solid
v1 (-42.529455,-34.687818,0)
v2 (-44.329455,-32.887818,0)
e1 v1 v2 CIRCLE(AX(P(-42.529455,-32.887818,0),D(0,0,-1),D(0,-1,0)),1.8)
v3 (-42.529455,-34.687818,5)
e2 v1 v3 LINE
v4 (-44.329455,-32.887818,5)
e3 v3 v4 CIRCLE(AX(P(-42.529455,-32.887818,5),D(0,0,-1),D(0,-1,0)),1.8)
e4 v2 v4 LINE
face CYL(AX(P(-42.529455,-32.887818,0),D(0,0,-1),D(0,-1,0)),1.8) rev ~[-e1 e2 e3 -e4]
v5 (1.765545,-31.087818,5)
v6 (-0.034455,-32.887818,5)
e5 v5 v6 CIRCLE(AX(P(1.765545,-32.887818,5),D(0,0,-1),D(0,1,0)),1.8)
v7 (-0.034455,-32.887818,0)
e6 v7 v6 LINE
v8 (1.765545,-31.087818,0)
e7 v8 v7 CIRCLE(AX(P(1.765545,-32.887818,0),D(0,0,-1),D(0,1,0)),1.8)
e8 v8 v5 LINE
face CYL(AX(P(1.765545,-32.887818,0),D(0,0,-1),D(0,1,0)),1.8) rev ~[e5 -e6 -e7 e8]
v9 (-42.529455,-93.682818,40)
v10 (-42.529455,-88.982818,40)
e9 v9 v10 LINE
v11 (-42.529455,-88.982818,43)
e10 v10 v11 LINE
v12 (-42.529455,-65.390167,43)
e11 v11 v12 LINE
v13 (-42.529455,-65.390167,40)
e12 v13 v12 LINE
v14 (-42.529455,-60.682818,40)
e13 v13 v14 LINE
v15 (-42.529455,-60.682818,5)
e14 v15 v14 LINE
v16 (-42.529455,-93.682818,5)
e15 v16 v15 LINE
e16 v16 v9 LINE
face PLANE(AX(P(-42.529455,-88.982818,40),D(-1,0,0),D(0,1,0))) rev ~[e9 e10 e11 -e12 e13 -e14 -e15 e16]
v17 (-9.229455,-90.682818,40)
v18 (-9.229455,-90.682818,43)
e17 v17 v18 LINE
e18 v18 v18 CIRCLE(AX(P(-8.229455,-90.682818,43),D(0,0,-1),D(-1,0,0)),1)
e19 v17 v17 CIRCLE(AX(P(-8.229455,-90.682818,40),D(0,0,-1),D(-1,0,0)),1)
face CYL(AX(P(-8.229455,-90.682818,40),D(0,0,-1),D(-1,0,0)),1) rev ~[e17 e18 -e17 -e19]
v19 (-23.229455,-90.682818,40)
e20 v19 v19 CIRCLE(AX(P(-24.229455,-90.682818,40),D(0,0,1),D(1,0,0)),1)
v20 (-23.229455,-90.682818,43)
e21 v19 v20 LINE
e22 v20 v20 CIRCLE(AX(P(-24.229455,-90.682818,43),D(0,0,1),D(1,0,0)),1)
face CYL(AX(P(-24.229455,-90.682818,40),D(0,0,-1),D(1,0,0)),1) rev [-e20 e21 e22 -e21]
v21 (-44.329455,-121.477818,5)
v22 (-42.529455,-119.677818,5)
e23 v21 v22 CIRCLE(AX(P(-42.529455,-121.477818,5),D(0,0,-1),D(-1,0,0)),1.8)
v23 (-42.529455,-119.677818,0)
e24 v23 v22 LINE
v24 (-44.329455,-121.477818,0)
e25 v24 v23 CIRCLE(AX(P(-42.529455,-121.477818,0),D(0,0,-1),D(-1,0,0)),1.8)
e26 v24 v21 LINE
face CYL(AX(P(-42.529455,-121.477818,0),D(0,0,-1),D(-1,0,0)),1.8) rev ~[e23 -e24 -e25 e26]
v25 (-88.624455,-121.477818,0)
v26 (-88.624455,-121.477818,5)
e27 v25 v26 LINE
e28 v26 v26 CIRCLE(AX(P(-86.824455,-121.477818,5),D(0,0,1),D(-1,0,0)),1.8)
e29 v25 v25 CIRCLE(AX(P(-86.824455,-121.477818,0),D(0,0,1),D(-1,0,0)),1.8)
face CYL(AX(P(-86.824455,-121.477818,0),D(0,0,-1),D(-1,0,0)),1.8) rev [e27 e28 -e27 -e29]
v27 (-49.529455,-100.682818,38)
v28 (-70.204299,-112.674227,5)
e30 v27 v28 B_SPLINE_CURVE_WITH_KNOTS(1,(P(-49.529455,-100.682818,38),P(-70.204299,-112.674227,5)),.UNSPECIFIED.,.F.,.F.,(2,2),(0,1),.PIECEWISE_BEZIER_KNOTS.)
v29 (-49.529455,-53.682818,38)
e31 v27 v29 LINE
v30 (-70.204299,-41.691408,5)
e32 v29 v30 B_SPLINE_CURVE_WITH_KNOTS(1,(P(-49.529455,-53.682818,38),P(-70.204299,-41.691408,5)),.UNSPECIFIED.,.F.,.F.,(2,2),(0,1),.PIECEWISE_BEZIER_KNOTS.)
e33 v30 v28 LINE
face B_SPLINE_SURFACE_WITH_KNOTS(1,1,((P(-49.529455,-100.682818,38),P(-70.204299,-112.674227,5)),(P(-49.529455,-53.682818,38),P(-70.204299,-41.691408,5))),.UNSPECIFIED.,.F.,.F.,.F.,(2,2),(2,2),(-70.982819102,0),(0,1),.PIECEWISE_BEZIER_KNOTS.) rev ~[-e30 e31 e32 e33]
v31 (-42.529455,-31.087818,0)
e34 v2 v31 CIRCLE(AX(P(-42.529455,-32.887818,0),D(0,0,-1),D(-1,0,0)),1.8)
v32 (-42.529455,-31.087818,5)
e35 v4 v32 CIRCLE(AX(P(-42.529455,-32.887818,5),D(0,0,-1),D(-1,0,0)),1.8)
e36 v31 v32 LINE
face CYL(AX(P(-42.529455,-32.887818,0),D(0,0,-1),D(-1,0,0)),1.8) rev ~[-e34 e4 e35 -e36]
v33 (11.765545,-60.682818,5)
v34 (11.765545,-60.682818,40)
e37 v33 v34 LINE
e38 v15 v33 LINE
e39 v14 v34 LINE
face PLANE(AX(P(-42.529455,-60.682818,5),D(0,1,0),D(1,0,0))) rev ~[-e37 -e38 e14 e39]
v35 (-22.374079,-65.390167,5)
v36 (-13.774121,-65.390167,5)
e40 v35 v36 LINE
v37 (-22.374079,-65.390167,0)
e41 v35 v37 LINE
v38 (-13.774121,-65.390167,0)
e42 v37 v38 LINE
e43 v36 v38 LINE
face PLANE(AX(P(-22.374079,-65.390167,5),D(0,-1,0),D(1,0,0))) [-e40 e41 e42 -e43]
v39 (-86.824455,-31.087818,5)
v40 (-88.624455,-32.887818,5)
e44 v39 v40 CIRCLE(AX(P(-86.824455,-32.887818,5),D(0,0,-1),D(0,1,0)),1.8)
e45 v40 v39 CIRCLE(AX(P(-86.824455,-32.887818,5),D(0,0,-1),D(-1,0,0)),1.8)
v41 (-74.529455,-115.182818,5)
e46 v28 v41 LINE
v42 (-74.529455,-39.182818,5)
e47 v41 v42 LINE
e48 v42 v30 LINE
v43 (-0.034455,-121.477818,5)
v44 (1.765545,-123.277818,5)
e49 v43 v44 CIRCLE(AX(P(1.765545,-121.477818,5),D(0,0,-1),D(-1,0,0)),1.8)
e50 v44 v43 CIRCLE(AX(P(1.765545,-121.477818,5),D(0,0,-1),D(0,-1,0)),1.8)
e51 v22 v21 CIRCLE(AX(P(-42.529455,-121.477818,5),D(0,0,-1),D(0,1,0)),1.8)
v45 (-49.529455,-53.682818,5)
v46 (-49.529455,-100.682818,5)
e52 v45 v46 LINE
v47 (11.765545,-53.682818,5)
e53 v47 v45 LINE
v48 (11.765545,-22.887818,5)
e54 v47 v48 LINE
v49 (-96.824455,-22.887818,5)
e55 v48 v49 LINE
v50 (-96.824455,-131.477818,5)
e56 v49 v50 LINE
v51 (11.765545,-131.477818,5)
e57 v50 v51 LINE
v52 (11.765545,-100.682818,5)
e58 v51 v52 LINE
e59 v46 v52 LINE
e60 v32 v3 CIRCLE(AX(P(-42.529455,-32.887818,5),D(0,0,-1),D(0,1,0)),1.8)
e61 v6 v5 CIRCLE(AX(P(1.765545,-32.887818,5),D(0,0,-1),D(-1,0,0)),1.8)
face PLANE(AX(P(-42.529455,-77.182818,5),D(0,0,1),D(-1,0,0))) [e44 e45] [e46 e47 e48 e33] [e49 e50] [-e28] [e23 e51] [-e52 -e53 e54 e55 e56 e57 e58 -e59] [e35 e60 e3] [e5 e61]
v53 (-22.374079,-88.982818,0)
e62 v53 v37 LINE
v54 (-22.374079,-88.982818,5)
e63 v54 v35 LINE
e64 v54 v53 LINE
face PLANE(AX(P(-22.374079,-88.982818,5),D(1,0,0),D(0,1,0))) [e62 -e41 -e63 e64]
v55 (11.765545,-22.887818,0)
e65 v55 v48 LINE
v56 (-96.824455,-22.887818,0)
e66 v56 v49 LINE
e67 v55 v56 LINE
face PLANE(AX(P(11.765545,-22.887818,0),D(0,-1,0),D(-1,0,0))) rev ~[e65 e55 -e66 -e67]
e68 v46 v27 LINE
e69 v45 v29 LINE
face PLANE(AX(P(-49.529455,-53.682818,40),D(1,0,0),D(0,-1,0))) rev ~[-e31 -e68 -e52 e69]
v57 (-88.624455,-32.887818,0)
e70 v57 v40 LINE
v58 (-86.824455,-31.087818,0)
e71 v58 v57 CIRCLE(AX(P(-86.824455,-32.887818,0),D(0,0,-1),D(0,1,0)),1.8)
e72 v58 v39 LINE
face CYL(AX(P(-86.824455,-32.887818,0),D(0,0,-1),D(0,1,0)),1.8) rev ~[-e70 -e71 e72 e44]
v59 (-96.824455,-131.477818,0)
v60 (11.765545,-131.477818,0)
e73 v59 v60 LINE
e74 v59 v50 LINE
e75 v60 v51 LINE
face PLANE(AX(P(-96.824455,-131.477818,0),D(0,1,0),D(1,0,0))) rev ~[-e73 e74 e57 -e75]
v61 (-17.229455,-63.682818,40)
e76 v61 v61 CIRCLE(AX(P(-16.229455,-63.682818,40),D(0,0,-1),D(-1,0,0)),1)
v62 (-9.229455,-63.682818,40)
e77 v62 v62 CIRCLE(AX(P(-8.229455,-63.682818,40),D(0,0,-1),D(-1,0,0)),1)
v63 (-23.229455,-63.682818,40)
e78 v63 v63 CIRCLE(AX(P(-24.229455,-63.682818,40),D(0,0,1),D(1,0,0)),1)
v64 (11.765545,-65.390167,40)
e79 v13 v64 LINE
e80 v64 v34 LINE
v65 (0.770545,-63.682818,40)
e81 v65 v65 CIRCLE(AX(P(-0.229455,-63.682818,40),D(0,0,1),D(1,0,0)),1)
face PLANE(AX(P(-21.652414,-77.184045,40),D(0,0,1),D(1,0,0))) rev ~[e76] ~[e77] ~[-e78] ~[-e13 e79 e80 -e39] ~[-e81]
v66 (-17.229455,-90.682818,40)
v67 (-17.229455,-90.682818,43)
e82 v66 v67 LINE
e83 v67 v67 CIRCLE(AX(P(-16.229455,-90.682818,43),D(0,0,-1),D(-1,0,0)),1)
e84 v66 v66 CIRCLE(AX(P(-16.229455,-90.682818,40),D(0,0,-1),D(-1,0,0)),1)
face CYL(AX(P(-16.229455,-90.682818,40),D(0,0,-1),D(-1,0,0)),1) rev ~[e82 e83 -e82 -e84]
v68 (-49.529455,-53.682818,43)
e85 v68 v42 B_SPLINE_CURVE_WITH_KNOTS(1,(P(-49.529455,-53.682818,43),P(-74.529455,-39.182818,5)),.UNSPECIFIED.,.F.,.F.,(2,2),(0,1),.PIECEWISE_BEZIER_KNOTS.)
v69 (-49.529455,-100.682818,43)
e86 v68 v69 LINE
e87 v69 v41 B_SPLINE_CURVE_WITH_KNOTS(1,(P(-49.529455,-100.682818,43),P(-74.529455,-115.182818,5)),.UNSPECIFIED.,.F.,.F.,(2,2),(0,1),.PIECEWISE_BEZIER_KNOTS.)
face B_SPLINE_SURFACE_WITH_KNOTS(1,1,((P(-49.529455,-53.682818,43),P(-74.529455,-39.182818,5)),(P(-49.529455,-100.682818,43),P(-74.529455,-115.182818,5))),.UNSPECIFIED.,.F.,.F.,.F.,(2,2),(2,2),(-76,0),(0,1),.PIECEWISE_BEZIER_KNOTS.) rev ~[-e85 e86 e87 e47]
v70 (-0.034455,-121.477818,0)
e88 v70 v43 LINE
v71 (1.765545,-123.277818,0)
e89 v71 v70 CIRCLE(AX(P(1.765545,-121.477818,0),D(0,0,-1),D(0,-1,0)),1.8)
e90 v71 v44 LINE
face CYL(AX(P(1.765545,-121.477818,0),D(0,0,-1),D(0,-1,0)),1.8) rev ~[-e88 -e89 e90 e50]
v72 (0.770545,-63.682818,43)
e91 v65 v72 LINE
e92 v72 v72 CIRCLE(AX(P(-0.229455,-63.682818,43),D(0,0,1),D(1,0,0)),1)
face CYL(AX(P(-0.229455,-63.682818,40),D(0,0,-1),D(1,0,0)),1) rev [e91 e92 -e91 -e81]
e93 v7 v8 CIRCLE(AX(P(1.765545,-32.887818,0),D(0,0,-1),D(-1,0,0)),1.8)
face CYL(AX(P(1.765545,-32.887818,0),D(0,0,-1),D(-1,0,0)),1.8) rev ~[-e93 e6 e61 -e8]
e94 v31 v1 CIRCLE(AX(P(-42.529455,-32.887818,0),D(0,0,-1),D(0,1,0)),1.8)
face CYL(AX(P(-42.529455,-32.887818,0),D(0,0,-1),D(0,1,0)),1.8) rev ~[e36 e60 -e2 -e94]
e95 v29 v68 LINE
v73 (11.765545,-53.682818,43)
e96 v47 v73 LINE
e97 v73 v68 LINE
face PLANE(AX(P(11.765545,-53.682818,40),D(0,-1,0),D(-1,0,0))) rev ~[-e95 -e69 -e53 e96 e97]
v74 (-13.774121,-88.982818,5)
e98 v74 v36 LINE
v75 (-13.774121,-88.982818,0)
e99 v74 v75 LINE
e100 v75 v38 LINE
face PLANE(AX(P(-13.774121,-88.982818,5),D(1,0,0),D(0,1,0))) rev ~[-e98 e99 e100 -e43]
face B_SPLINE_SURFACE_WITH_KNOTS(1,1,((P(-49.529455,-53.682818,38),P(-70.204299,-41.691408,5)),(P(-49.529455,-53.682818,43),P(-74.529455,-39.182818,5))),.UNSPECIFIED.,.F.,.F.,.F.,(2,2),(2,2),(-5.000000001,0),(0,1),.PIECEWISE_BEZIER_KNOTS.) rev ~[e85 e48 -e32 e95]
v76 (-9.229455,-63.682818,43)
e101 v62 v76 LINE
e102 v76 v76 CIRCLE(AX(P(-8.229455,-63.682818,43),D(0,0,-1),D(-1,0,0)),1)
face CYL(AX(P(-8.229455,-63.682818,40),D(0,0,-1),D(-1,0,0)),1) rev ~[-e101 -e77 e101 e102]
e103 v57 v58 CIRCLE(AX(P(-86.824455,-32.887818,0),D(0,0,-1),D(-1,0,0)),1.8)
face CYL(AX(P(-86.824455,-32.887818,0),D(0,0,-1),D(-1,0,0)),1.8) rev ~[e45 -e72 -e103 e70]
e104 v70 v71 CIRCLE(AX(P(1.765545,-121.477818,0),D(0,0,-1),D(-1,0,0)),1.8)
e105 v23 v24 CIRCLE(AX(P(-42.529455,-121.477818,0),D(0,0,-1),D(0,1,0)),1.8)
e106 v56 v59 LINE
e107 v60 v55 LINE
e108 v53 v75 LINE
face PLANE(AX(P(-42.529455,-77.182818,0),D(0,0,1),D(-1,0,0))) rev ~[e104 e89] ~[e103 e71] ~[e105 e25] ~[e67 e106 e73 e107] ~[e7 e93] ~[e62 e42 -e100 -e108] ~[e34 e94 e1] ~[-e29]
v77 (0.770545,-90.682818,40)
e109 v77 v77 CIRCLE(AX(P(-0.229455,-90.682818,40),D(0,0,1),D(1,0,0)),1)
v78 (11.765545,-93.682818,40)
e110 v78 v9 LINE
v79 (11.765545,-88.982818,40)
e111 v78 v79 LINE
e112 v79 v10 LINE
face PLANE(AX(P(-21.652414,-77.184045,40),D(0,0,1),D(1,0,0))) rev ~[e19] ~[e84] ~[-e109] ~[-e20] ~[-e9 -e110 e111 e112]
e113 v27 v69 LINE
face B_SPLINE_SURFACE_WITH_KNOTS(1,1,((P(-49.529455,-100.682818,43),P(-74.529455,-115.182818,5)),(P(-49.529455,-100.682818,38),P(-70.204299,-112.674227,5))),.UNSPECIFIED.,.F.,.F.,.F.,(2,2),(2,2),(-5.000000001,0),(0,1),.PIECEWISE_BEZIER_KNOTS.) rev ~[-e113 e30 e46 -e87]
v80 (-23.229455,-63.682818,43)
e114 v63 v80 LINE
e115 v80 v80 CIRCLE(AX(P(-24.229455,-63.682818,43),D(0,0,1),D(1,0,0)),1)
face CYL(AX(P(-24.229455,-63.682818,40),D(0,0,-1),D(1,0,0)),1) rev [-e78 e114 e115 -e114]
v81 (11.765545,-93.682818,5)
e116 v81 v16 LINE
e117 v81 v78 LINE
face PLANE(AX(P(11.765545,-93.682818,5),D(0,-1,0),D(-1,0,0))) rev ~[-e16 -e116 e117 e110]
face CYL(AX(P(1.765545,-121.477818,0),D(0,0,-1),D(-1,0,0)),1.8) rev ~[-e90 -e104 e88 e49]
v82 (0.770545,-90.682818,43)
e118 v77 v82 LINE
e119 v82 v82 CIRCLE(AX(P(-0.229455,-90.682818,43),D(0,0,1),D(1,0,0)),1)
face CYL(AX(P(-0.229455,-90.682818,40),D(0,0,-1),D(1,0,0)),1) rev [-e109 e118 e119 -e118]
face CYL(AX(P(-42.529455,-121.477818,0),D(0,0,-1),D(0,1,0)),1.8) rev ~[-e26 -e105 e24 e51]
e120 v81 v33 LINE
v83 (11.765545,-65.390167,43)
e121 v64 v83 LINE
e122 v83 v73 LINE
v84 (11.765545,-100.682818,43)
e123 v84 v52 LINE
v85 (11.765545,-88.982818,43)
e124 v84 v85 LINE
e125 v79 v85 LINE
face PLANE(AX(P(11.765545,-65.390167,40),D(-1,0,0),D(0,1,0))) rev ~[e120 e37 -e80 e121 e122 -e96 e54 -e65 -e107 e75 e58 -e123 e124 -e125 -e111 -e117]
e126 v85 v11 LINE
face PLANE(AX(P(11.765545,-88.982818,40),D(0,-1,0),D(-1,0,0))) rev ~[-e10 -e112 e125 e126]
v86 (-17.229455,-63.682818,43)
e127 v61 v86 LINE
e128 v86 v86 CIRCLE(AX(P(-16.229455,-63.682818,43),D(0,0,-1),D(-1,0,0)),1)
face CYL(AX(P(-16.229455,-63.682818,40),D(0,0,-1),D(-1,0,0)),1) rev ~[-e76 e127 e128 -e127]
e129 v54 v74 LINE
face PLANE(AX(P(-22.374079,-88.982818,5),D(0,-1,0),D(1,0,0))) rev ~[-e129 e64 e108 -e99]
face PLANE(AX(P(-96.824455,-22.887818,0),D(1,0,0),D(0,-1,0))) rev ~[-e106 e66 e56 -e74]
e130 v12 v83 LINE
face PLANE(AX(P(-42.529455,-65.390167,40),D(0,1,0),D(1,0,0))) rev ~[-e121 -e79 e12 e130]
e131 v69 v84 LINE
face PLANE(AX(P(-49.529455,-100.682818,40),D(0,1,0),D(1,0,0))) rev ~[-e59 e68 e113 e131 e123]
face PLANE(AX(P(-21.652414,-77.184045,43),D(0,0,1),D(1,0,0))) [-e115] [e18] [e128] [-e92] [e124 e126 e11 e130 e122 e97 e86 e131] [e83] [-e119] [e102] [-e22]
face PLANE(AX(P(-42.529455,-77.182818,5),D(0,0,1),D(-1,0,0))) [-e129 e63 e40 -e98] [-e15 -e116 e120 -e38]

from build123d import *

# Parameters (mm, degrees)
ESQUISSE1_R             = 1.8
BOSS_EXTRU_1_DEPTH      = 5
BOSS_EXTRU_2_DEPTH      = 35
ESQUISSE3_R             = 1
BOSS_EXTRU_3_DEPTH      = 3
ESQUISSE4_W             = 8.59995714
ESQUISSE4_H             = 23.592650329
ENL_V_MAT_EXTRU_1_DEPTH = 5


with BuildPart() as part:
    # Esquisse1 → Boss.-Extru.1 (new body)
    with BuildSketch(Plane(origin=(0, 0, 0), x_dir=(-1, 0, 0), z_dir=(0, 0, 1))):
        Polygon((96.824454852, 121.477817805), (96.824454852, 131.477817805), (-1.765545148, 131.477817805), (-11.765545148, 131.477817805), (-11.765545148, 22.887817805), (-1.765545148, 22.887817805), (42.529454852, 22.887817805), (86.824454852, 22.887817805), (96.824454852, 22.887817805), align=None)
        with BuildLine():
            ThreePointArc((0.034454852, 32.887817805), (-0.492752942, 31.615025599), (-1.765545148, 31.087817805))
            ThreePointArc((-1.765545148, 31.087817805), (-3.038337355, 34.160610011), (0.034454852, 32.887817805))
        make_face(mode=Mode.SUBTRACT)
        with BuildLine():
            ThreePointArc((44.329454852, 32.887817805), (43.802247058, 31.615025599), (42.529454852, 31.087817805))
            ThreePointArc((42.529454852, 31.087817805), (40.729454852, 32.887817805), (42.529454852, 34.687817805))
            ThreePointArc((42.529454852, 34.687817805), (43.802247058, 34.160610011), (44.329454852, 32.887817805))
        make_face(mode=Mode.SUBTRACT)
        with BuildLine():
            ThreePointArc((88.624454852, 32.887817805), (88.097247058, 31.615025599), (86.824454852, 31.087817805))
            ThreePointArc((86.824454852, 31.087817805), (85.551662645, 34.160610011), (88.624454852, 32.887817805))
        make_face(mode=Mode.SUBTRACT)
        with BuildLine():
            ThreePointArc((0.034454852, 121.477817805), (-3.038337355, 120.205025599), (-1.765545148, 123.277817805))
            ThreePointArc((-1.765545148, 123.277817805), (-0.492752942, 122.750610011), (0.034454852, 121.477817805))
        make_face(mode=Mode.SUBTRACT)
        with BuildLine():
            ThreePointArc((44.329454852, 121.477817805), (43.802247058, 120.205025599), (42.529454852, 119.677817805))
            ThreePointArc((42.529454852, 119.677817805), (41.256662645, 122.750610011), (44.329454852, 121.477817805))
        make_face(mode=Mode.SUBTRACT)
        with Locations((86.824454852, 121.477817805)):
            Circle(ESQUISSE1_R, mode=Mode.SUBTRACT)
    extrude(amount=BOSS_EXTRU_1_DEPTH)

    # Esquisse2 → Boss.-Extru.2 (add)
    with BuildSketch(Plane.XY.offset(5)):
        Polygon((11.765545148, -53.682817805), (-49.529454852, -53.682817805), (-49.529454852, -100.682817805), (11.765545148, -100.682817805), (11.765545148, -93.682817805), (-42.529454852, -93.682817805), (-42.529454852, -60.682817805), (11.765545148, -60.682817805), align=None)
    extrude(amount=BOSS_EXTRU_2_DEPTH)

    # Esquisse3 → Boss.-Extru.3 (add)
    with BuildSketch(Plane.XY.offset(40)):
        Polygon((-42.529454852, -65.390167476), (11.765545148, -65.390167476), (11.765545148, -53.682817805), (-49.529454852, -53.682817805), (-49.529454852, -100.682817805), (11.765545148, -100.682817805), (11.765545148, -88.982817805), (-42.529454852, -88.982817805), align=None)
        with Locations((-24.229454852, -63.682817805)):
            Circle(ESQUISSE3_R, mode=Mode.SUBTRACT)
        with BuildLine():
            ThreePointArc((-15.229454852, -63.682817805), (-16.229454852, -64.682817805), (-17.229454852, -63.682817805))
            ThreePointArc((-17.229454852, -63.682817805), (-16.229454852, -62.682817805), (-15.229454852, -63.682817805))
        make_face(mode=Mode.SUBTRACT)
        with BuildLine():
            ThreePointArc((-7.229454852, -63.682817805), (-8.229454852, -64.682817805), (-9.229454852, -63.682817805))
            ThreePointArc((-9.229454852, -63.682817805), (-8.229454852, -62.682817805), (-7.229454852, -63.682817805))
        make_face(mode=Mode.SUBTRACT)
        with Locations((-0.229454852, -63.682817805)):
            Circle(ESQUISSE3_R, mode=Mode.SUBTRACT)
        with Locations((-24.229454852, -90.682817805)):
            Circle(ESQUISSE3_R, mode=Mode.SUBTRACT)
        with BuildLine():
            ThreePointArc((-15.229454852, -90.682817805), (-16.229454852, -91.682817805), (-17.229454852, -90.682817805))
            ThreePointArc((-17.229454852, -90.682817805), (-16.229454852, -89.682817805), (-15.229454852, -90.682817805))
        make_face(mode=Mode.SUBTRACT)
        with BuildLine():
            ThreePointArc((-7.229454852, -90.682817805), (-8.229454852, -91.682817805), (-9.229454852, -90.682817805))
            ThreePointArc((-9.229454852, -90.682817805), (-8.229454852, -89.682817805), (-7.229454852, -90.682817805))
        make_face(mode=Mode.SUBTRACT)
        with Locations((-0.229454852, -90.682817805)):
            Circle(ESQUISSE3_R, mode=Mode.SUBTRACT)
    extrude(amount=BOSS_EXTRU_3_DEPTH)

    # Esquisse4 → Enlèv. mat.-Extru.1 (cut)
    with BuildSketch(Plane.XY.offset(5)):
        with Locations((-18.074099951, -77.186492641)):
            Rectangle(ESQUISSE4_W, ESQUISSE4_H)
    extrude(amount=-ENL_V_MAT_EXTRU_1_DEPTH, mode=Mode.SUBTRACT)

    # Esquisse5 → Lissage3 section 0
    with BuildSketch(Plane.ZY.offset(49.529454852)):
        with BuildLine():
            Line((43, -100.682817805), (38, -100.682817805))
            Line((38, -100.682817805), (38, -53.682817805))
            Line((38, -53.682817805), (43, -53.682817805))
            Line((43, -53.682817805), (43, -100.682817805))
        make_face()
    # Esquisse6 → Lissage3 section 1
    with BuildSketch(Plane.XY.offset(5)):
        with BuildLine():
            Line((-74.529454852, -115.182817805), (-74.529454852, -39.182817805))
            Line((-74.529454852, -39.182817805), (-70.204298905, -41.691408254))
            Line((-70.204298905, -41.691408254), (-70.204298905, -112.674227356))
            Line((-70.204298905, -112.674227356), (-74.529454852, -115.182817805))
        make_face()
    loft()


solid = part.part
